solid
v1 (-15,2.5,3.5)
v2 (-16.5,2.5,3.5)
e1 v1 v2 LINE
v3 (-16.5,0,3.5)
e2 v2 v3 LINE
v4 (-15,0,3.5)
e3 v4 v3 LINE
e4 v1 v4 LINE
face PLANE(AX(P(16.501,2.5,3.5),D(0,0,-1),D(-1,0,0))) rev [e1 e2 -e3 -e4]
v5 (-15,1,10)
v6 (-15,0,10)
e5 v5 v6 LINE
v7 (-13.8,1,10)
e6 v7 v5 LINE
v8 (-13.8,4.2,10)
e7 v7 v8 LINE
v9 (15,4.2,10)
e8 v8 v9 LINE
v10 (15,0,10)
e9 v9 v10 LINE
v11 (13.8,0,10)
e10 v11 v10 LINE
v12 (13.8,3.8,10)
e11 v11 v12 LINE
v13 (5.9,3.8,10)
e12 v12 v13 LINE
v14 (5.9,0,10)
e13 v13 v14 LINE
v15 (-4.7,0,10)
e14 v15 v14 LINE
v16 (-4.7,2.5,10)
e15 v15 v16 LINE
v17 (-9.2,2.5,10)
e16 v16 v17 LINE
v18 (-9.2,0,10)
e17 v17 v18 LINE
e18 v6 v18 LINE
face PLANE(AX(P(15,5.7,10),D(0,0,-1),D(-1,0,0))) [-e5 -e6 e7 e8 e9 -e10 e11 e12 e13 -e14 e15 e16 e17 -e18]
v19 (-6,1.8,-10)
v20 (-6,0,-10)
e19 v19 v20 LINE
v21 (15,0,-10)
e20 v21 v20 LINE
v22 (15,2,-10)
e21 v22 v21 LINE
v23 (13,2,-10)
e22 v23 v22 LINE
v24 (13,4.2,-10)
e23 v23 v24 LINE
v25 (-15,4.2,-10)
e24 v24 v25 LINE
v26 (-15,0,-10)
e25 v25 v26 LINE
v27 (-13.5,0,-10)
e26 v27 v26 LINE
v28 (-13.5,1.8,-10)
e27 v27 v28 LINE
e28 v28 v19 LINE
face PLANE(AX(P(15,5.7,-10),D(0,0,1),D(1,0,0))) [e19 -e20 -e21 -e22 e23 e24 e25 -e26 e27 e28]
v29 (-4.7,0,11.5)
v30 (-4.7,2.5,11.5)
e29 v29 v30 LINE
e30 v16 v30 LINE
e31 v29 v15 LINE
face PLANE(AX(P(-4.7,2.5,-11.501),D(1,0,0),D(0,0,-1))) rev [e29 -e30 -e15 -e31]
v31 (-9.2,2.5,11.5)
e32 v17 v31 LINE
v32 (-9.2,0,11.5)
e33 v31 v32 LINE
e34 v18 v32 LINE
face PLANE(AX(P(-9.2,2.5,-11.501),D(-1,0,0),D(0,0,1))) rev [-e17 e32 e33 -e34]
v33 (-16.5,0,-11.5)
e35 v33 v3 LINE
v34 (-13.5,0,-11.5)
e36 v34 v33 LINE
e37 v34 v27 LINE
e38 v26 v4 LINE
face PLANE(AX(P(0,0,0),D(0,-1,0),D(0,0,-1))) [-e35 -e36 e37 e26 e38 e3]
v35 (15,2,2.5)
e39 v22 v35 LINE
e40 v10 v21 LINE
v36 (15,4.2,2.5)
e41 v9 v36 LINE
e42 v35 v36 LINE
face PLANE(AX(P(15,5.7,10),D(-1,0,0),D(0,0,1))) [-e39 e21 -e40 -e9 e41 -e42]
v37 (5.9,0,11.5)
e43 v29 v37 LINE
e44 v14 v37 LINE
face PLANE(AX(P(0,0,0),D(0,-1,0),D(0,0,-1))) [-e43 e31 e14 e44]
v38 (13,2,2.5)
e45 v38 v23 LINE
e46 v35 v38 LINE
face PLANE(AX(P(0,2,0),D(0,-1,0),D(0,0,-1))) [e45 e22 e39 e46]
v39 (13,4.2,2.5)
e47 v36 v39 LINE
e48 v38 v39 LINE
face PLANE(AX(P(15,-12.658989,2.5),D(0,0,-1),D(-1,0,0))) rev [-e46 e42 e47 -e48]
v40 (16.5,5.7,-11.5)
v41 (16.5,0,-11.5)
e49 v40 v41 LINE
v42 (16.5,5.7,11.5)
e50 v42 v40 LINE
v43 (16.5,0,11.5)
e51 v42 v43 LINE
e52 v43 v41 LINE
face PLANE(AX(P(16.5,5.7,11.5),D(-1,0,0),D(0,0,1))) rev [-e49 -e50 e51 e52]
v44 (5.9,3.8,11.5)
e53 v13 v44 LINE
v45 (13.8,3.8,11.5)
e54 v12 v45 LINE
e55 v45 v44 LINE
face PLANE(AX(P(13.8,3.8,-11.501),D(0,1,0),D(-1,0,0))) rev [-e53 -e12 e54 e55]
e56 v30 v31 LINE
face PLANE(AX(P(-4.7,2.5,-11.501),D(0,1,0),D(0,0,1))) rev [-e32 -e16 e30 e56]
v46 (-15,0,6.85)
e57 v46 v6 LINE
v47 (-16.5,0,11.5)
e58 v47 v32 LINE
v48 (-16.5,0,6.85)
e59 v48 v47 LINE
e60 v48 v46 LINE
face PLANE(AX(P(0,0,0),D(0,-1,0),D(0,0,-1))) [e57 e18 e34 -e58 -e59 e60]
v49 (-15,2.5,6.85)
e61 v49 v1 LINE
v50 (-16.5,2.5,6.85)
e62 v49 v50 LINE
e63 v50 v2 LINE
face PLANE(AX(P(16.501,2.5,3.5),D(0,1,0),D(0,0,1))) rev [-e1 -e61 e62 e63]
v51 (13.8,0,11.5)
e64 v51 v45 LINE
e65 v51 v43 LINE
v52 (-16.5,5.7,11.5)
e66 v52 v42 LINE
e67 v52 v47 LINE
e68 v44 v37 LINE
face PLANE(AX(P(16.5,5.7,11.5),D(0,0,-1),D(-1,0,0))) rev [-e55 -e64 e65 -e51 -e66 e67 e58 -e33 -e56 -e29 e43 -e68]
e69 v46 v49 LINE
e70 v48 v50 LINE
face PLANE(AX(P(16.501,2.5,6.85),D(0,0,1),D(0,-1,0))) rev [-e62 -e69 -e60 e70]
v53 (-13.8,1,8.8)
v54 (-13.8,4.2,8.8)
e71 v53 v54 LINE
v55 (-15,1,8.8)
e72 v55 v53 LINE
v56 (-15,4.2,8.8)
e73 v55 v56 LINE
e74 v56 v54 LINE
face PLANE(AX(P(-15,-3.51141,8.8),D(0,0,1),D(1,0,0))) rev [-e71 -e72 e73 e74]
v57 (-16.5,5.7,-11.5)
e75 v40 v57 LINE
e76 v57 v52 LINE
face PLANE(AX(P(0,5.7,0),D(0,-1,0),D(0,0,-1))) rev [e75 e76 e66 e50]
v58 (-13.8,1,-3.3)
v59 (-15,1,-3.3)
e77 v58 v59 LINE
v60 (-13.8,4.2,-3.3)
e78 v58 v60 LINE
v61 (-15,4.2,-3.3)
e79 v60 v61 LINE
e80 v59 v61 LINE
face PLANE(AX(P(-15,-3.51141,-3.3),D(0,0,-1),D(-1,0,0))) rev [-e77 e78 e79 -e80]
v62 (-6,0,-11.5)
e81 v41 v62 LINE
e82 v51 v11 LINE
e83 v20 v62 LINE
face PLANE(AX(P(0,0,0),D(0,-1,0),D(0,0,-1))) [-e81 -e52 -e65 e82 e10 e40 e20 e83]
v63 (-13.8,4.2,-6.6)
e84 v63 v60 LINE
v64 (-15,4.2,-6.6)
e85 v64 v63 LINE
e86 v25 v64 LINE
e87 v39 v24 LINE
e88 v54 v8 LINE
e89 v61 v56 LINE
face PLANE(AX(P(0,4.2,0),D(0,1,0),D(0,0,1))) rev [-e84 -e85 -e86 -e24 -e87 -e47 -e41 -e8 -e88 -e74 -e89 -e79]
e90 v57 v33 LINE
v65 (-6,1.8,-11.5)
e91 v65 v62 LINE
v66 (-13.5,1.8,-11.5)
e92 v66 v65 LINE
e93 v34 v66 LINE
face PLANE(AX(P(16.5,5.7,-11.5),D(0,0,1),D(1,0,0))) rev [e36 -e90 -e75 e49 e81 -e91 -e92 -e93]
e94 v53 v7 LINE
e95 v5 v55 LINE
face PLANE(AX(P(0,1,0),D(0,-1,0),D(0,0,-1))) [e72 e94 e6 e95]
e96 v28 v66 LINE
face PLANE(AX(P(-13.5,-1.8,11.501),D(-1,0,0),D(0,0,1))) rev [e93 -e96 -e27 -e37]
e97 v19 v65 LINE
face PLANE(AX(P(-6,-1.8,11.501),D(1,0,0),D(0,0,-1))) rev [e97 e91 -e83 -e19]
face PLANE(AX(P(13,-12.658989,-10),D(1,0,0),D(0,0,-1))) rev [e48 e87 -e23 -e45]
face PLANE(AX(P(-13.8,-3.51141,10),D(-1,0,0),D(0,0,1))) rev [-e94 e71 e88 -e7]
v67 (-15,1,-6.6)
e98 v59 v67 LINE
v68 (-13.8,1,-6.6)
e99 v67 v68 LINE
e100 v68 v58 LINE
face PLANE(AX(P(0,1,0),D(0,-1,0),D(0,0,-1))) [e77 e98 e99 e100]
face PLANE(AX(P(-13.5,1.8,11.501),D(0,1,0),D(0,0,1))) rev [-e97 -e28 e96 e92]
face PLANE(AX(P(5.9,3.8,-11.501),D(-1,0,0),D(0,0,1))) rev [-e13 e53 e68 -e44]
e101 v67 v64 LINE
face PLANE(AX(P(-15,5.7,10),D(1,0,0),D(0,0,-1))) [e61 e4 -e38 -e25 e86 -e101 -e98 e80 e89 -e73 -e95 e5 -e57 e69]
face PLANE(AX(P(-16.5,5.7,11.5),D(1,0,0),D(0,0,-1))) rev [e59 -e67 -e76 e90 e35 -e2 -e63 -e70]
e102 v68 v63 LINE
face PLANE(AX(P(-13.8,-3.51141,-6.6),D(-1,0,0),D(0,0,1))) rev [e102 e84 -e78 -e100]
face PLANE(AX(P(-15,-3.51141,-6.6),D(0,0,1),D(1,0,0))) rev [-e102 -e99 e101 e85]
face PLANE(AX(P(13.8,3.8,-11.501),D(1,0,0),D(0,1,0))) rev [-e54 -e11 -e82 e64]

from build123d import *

# Parameters (mm, degrees)
SKETCH1_W           = 33
SKETCH1_H           = 23
SKETCH1_W_2         = 30
SKETCH1_H_2         = 20
BOSS_EXTRUDE1_DEPTH = 5.7
SKETCH2_W           = 30
SKETCH2_H           = 20
BOSS_EXTRUDE2_DEPTH = 1.5
CUT_EXTRUDE1_REACH  = 25
SKETCH3_W           = 7.5
SKETCH3_H           = 3.6
CUT_EXTRUDE2_REACH  = 25
SKETCH4_W           = 7.9
SKETCH4_H           = 7.6
SKETCH4_W_2         = 4.5
SKETCH4_H_2         = 5
CUT_EXTRUDE3_REACH  = 35
SKETCH5_W           = 3.35
SKETCH5_H           = 5
SKETCH6_W           = 2
SKETCH6_H           = 12.5
BOSS_EXTRUDE3_DEPTH = 2.2
SKETCH7_W           = 1.2
SKETCH7_H           = 3.3
SKETCH7_H_2         = 1.2
BOSS_EXTRUDE4_DEPTH = 3.2


with BuildPart() as part:
    # Sketch1 → Boss-Extrude1 (new body)
    with BuildSketch(Plane(origin=(0, 0, 0), x_dir=(1, 0, 0), z_dir=(0, 1, 0))):
        Rectangle(SKETCH1_W, SKETCH1_H)
        Rectangle(SKETCH1_W_2, SKETCH1_H_2, mode=Mode.SUBTRACT)
    extrude(amount=BOSS_EXTRUDE1_DEPTH)

    # Sketch2 → Boss-Extrude2 (add)
    with BuildSketch(Plane(origin=(0, 5.7, 0), x_dir=(1, 0, 0), z_dir=(0, 1, 0))):
        Rectangle(SKETCH2_W, SKETCH2_H)
    extrude(amount=-BOSS_EXTRUDE2_DEPTH)

    # Sketch3 → Cut-Extrude1 (cut, up to next)
    with BuildSketch(Plane(origin=(0, 0, -11.5), x_dir=(-1, 0, 0), z_dir=(0, 0, -1)), mode=Mode.PRIVATE) as cut_extrude1_sk1:
        with Locations((9.75, 0)):
            Rectangle(SKETCH3_W, SKETCH3_H)
    cut_extrude1_tool1 = extrude(cut_extrude1_sk1.sketch, amount=-CUT_EXTRUDE1_REACH, mode=Mode.PRIVATE) & part.part
    add(cut_extrude1_tool1.solids().sort_by_distance((-9.75, 0, -11.5))[0], mode=Mode.SUBTRACT)

    # Sketch4 → Cut-Extrude2 (cut, up to next)
    with BuildSketch(Plane.XY.offset(11.5), mode=Mode.PRIVATE) as cut_extrude2_sk1:
        with Locations((9.85, 0)):
            Rectangle(SKETCH4_W, SKETCH4_H)
    cut_extrude2_tool1 = extrude(cut_extrude2_sk1.sketch, amount=-CUT_EXTRUDE2_REACH, mode=Mode.PRIVATE) & part.part
    add(cut_extrude2_tool1.solids().sort_by_distance((9.85, 0, 11.5))[0], mode=Mode.SUBTRACT)
    # Sketch4 → Cut-Extrude2 (cut, up to next)
    with BuildSketch(Plane.XY.offset(11.5), mode=Mode.PRIVATE) as cut_extrude2_sk2:
        with Locations((-6.95, 0)):
            Rectangle(SKETCH4_W_2, SKETCH4_H_2)
    cut_extrude2_tool2 = extrude(cut_extrude2_sk2.sketch, amount=-CUT_EXTRUDE2_REACH, mode=Mode.PRIVATE) & part.part
    add(cut_extrude2_tool2.solids().sort_by_distance((-6.95, 0, 11.5))[0], mode=Mode.SUBTRACT)

    # Sketch5 → Cut-Extrude3 (cut, up to next)
    with BuildSketch(Plane.ZY.offset(16.5), mode=Mode.PRIVATE) as cut_extrude3_sk1:
        with Locations((5.175, 0)):
            Rectangle(SKETCH5_W, SKETCH5_H)
    cut_extrude3_tool1 = extrude(cut_extrude3_sk1.sketch, amount=-CUT_EXTRUDE3_REACH, mode=Mode.PRIVATE) & part.part
    add(cut_extrude3_tool1.solids().sort_by_distance((-16.5, 0, 5.175))[0], mode=Mode.SUBTRACT)

    # Sketch6 → Boss-Extrude3 (add)
    with BuildSketch(Plane.XZ.offset(-4.2)):
        with Locations((14, -3.75)):
            Rectangle(SKETCH6_W, SKETCH6_H)
    extrude(amount=BOSS_EXTRUDE3_DEPTH)

    # Sketch7 → Boss-Extrude4 (add)
    with BuildSketch(Plane.XZ.offset(-4.2)):
        with Locations((-14.4, -4.95)):
            Rectangle(SKETCH7_W, SKETCH7_H)
        with Locations((-14.4, 9.4)):
            Rectangle(SKETCH7_W, SKETCH7_H_2)
    extrude(amount=BOSS_EXTRUDE4_DEPTH)


solid = part.part
